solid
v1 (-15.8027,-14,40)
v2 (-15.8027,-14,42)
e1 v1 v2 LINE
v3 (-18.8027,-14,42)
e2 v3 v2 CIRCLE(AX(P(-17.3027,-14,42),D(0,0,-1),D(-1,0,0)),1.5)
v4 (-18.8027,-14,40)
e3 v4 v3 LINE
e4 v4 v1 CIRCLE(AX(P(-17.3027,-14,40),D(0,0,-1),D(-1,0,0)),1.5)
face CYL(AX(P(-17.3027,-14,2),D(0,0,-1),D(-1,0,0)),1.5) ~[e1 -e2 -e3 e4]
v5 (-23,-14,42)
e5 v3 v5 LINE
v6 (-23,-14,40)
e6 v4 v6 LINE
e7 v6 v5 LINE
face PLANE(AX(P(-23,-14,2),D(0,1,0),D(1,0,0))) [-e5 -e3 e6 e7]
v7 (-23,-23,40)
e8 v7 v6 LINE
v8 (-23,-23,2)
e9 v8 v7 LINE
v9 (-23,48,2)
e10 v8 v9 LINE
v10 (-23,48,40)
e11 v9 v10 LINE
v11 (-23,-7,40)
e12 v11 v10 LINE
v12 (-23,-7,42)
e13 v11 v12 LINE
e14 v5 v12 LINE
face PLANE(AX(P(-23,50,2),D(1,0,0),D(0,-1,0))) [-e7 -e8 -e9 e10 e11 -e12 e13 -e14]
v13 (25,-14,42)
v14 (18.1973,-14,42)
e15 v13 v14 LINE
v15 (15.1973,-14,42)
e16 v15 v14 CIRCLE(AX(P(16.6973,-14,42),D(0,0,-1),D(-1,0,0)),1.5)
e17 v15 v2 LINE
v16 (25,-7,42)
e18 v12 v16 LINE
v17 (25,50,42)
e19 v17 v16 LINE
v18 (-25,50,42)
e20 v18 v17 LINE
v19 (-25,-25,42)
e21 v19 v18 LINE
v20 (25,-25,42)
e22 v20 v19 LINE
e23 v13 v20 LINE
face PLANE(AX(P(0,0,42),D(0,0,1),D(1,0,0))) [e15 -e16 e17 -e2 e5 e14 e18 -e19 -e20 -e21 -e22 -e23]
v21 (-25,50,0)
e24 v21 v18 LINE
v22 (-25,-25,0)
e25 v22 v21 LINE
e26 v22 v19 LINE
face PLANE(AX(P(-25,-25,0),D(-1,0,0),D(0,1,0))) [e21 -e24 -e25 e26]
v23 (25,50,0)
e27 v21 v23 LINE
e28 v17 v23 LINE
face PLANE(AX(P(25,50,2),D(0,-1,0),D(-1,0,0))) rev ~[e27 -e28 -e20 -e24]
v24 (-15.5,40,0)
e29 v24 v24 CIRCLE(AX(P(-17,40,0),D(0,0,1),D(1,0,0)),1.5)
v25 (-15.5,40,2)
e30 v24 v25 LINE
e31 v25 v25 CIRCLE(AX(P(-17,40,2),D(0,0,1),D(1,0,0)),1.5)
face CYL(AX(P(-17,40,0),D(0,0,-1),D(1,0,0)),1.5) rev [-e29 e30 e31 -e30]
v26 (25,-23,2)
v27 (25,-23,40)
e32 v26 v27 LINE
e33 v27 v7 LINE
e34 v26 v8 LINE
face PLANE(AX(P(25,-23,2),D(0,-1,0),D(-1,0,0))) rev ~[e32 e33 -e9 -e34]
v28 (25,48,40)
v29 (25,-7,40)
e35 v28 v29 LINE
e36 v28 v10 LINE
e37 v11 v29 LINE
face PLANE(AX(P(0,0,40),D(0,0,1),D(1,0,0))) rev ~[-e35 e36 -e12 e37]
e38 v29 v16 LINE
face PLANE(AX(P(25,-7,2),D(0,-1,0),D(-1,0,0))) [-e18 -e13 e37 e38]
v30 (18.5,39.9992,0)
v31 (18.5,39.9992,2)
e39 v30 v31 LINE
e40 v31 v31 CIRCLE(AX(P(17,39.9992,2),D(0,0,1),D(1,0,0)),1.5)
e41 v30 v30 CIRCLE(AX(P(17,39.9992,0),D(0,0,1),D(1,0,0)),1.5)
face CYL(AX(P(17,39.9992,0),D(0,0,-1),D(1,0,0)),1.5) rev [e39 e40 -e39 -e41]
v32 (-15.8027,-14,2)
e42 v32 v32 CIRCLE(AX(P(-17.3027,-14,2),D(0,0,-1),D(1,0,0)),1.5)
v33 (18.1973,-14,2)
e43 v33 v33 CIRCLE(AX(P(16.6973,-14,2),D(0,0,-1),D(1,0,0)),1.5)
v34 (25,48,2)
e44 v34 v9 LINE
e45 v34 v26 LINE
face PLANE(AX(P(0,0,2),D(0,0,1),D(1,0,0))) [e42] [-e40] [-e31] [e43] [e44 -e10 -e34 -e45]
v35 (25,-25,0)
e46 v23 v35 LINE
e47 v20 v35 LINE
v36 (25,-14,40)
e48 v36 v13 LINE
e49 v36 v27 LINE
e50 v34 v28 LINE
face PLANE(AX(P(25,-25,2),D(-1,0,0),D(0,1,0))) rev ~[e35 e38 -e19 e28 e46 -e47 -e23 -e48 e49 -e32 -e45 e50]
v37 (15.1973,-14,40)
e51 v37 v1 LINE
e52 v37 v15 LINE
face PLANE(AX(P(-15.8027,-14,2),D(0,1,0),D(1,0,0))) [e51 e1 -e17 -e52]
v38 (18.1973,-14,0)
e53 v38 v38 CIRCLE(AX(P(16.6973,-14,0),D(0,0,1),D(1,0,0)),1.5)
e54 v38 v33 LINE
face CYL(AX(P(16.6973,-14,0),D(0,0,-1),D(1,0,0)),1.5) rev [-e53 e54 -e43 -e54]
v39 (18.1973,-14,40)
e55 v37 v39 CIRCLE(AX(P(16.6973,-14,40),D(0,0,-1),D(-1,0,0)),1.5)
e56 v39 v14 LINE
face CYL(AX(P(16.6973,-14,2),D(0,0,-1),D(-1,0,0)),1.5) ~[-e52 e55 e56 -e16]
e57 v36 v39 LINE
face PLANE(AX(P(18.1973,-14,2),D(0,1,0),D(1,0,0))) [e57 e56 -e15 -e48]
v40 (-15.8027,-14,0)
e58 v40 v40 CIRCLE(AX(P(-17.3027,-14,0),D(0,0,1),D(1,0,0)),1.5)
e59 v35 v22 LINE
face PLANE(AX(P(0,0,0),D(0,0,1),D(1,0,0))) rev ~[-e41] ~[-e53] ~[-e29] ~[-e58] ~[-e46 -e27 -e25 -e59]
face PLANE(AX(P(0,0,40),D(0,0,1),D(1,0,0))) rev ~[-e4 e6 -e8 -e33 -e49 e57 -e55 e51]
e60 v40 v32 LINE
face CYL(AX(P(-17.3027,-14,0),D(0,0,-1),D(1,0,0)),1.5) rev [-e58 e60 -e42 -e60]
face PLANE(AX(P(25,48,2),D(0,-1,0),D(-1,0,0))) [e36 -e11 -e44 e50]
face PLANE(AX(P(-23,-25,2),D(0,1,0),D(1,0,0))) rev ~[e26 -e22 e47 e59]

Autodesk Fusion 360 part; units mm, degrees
sketch "Sketch1" plane through (0, 0, 0) normal (0, 0, 1) x (1, 0, 0)
  line L0 (-25, 50) -> (25, 50)
  line L1 (25, 50) -> (25, -25)
  line L2 (25, -25) -> (-25, -25)
  line L3 (-25, -25) -> (-25, 50)
  circle A0 centre (-17.3027, -14) radius 1.5
  circle A1 centre (16.6973, -14) radius 1.5
  circle A2 centre (-17, 40) radius 1.5
  circle A3 centre (17, 39.9992) radius 1.5
  dimension "d1" = 3
  dimension "d2" = 3
  dimension "d4" = 34
  dimension "d5" = 3
  dimension "d6" = 54
  dimension "d7" = 3
  dimension "d9" = 34
  dimension "d10" = 54
extrude "Extrude1" add sketch "Sketch1" along normal blind 2 makes body 1
ref_plane "WorkPlane1" through (0, 12.5, 3) normal (0, 0, 1) x (1, 0, 0)
ref_plane "WorkPlane2" through (0, 12.5, 42) normal (0, 0, 1) x (1, 0, 0)
sketch "Sketch4" plane through (0, 0, 42) normal (0, 0, 1) x (1, 0, 0)
sketch "Sketch5" plane through (0, 0, 42) normal (0, 0, 1) x (1, 0, 0)
  line L0 (25, -25) -> (-25, -25)
  line L1 (-25, -25) -> (-25, 50)
  line L2 (-25, 50) -> (25, 50)
  line L3 (25, 50) -> (25, -25)
extrude "Extrude2" add sketch "Sketch5" against normal blind 2 separate body makes body 2
sketch "Sketch6" plane through (0, 0, 2) normal (0, 0, 1) x (-1, 0, 0)
  circle A0 centre (17, -40) radius 1.5
  circle A1 centre (-16.6973, 14) radius 1.5
  circle A2 centre (-17, -39.9992) radius 1.5
  circle A3 centre (17.3027, 14) radius 1.5
  line L0 (25, 25) -> (-25, 25)
  line L1 (-25, 25) -> (-25, -50)
  line L2 (-25, -50) -> (25, -50)
  line L3 (25, -50) -> (25, 25)
  line L4 (25, -50) -> (23, -50)
  line L5 (23, -50) -> (23, 25)
  line L6 (23, 25) -> (25, 25)
  line L7 (25, 25) -> (25, -50)
extrude "Extrude3" add sketch "Sketch6" along normal blind 39 contours L0 L2 L3 L4 L5 L6 L7 bodies 1 2
sketch "Sketch7" plane through (0, 0, 2) normal (0, 0, 1) x (-1, 0, 0)
  line L0 (23, -50) -> (23, 25)
  line L1 (23, 25) -> (-25, 25)
  line L2 (-25, 25) -> (-25, -50)
  line L3 (-25, -50) -> (23, -50)
  circle A0 centre (17.3027, 14) radius 1.5
  circle A1 centre (-17, -39.9992) radius 1.5
  circle A2 centre (-16.6973, 14) radius 1.5
  circle A3 centre (17, -40) radius 1.5
  line L4 (23, 25) -> (-25, 25)
  line L5 (-25, 25) -> (-25, 23)
  line L6 (-25, 23) -> (23, 23)
  line L7 (23, 23) -> (23, 25)
  line L8 (23, -50) -> (-25, -50)
  line L9 (-25, -50) -> (-25, -48)
  line L10 (-25, -48) -> (23, -48)
  line L11 (23, -48) -> (23, -50)
extrude "Extrude4" add sketch "Sketch7" along normal blind 38 contours L0 L2 L3 L8 L9 L10 L11 bodies 1
extrude "Extrude5" add sketch "Sketch7" along normal blind 38 contours L0 L1 L2 L4 L5 L6 L7 bodies 1
sketch "Sketch8" plane through (0, 0, 2) normal (0, 0, 1) x (-1, 0, 0)
  line L0 (23, 23) -> (-25, 23)
  line L1 (-25, 23) -> (-25, -48)
  line L2 (-25, -48) -> (23, -48)
  line L3 (23, -48) -> (23, 23)
  circle A0 centre (17, -40) radius 1.5
  circle A1 centre (-16.6973, 14) radius 1.5
  circle A2 centre (-17, -39.9992) radius 1.5
  circle A3 centre (17.3027, 14) radius 1.5
  line L4 (23, 14) -> (-25, 14)
  line L5 (-25, 14) -> (-25, 7)
  line L6 (-25, 7) -> (23, 7)
  line L7 (23, 7) -> (23, 14)
extrude "Extrude6" cut sketch "Sketch8" along normal blind 48 contours L1 L3 A1 A3 L4 L5 L6 L7 bodies 1
